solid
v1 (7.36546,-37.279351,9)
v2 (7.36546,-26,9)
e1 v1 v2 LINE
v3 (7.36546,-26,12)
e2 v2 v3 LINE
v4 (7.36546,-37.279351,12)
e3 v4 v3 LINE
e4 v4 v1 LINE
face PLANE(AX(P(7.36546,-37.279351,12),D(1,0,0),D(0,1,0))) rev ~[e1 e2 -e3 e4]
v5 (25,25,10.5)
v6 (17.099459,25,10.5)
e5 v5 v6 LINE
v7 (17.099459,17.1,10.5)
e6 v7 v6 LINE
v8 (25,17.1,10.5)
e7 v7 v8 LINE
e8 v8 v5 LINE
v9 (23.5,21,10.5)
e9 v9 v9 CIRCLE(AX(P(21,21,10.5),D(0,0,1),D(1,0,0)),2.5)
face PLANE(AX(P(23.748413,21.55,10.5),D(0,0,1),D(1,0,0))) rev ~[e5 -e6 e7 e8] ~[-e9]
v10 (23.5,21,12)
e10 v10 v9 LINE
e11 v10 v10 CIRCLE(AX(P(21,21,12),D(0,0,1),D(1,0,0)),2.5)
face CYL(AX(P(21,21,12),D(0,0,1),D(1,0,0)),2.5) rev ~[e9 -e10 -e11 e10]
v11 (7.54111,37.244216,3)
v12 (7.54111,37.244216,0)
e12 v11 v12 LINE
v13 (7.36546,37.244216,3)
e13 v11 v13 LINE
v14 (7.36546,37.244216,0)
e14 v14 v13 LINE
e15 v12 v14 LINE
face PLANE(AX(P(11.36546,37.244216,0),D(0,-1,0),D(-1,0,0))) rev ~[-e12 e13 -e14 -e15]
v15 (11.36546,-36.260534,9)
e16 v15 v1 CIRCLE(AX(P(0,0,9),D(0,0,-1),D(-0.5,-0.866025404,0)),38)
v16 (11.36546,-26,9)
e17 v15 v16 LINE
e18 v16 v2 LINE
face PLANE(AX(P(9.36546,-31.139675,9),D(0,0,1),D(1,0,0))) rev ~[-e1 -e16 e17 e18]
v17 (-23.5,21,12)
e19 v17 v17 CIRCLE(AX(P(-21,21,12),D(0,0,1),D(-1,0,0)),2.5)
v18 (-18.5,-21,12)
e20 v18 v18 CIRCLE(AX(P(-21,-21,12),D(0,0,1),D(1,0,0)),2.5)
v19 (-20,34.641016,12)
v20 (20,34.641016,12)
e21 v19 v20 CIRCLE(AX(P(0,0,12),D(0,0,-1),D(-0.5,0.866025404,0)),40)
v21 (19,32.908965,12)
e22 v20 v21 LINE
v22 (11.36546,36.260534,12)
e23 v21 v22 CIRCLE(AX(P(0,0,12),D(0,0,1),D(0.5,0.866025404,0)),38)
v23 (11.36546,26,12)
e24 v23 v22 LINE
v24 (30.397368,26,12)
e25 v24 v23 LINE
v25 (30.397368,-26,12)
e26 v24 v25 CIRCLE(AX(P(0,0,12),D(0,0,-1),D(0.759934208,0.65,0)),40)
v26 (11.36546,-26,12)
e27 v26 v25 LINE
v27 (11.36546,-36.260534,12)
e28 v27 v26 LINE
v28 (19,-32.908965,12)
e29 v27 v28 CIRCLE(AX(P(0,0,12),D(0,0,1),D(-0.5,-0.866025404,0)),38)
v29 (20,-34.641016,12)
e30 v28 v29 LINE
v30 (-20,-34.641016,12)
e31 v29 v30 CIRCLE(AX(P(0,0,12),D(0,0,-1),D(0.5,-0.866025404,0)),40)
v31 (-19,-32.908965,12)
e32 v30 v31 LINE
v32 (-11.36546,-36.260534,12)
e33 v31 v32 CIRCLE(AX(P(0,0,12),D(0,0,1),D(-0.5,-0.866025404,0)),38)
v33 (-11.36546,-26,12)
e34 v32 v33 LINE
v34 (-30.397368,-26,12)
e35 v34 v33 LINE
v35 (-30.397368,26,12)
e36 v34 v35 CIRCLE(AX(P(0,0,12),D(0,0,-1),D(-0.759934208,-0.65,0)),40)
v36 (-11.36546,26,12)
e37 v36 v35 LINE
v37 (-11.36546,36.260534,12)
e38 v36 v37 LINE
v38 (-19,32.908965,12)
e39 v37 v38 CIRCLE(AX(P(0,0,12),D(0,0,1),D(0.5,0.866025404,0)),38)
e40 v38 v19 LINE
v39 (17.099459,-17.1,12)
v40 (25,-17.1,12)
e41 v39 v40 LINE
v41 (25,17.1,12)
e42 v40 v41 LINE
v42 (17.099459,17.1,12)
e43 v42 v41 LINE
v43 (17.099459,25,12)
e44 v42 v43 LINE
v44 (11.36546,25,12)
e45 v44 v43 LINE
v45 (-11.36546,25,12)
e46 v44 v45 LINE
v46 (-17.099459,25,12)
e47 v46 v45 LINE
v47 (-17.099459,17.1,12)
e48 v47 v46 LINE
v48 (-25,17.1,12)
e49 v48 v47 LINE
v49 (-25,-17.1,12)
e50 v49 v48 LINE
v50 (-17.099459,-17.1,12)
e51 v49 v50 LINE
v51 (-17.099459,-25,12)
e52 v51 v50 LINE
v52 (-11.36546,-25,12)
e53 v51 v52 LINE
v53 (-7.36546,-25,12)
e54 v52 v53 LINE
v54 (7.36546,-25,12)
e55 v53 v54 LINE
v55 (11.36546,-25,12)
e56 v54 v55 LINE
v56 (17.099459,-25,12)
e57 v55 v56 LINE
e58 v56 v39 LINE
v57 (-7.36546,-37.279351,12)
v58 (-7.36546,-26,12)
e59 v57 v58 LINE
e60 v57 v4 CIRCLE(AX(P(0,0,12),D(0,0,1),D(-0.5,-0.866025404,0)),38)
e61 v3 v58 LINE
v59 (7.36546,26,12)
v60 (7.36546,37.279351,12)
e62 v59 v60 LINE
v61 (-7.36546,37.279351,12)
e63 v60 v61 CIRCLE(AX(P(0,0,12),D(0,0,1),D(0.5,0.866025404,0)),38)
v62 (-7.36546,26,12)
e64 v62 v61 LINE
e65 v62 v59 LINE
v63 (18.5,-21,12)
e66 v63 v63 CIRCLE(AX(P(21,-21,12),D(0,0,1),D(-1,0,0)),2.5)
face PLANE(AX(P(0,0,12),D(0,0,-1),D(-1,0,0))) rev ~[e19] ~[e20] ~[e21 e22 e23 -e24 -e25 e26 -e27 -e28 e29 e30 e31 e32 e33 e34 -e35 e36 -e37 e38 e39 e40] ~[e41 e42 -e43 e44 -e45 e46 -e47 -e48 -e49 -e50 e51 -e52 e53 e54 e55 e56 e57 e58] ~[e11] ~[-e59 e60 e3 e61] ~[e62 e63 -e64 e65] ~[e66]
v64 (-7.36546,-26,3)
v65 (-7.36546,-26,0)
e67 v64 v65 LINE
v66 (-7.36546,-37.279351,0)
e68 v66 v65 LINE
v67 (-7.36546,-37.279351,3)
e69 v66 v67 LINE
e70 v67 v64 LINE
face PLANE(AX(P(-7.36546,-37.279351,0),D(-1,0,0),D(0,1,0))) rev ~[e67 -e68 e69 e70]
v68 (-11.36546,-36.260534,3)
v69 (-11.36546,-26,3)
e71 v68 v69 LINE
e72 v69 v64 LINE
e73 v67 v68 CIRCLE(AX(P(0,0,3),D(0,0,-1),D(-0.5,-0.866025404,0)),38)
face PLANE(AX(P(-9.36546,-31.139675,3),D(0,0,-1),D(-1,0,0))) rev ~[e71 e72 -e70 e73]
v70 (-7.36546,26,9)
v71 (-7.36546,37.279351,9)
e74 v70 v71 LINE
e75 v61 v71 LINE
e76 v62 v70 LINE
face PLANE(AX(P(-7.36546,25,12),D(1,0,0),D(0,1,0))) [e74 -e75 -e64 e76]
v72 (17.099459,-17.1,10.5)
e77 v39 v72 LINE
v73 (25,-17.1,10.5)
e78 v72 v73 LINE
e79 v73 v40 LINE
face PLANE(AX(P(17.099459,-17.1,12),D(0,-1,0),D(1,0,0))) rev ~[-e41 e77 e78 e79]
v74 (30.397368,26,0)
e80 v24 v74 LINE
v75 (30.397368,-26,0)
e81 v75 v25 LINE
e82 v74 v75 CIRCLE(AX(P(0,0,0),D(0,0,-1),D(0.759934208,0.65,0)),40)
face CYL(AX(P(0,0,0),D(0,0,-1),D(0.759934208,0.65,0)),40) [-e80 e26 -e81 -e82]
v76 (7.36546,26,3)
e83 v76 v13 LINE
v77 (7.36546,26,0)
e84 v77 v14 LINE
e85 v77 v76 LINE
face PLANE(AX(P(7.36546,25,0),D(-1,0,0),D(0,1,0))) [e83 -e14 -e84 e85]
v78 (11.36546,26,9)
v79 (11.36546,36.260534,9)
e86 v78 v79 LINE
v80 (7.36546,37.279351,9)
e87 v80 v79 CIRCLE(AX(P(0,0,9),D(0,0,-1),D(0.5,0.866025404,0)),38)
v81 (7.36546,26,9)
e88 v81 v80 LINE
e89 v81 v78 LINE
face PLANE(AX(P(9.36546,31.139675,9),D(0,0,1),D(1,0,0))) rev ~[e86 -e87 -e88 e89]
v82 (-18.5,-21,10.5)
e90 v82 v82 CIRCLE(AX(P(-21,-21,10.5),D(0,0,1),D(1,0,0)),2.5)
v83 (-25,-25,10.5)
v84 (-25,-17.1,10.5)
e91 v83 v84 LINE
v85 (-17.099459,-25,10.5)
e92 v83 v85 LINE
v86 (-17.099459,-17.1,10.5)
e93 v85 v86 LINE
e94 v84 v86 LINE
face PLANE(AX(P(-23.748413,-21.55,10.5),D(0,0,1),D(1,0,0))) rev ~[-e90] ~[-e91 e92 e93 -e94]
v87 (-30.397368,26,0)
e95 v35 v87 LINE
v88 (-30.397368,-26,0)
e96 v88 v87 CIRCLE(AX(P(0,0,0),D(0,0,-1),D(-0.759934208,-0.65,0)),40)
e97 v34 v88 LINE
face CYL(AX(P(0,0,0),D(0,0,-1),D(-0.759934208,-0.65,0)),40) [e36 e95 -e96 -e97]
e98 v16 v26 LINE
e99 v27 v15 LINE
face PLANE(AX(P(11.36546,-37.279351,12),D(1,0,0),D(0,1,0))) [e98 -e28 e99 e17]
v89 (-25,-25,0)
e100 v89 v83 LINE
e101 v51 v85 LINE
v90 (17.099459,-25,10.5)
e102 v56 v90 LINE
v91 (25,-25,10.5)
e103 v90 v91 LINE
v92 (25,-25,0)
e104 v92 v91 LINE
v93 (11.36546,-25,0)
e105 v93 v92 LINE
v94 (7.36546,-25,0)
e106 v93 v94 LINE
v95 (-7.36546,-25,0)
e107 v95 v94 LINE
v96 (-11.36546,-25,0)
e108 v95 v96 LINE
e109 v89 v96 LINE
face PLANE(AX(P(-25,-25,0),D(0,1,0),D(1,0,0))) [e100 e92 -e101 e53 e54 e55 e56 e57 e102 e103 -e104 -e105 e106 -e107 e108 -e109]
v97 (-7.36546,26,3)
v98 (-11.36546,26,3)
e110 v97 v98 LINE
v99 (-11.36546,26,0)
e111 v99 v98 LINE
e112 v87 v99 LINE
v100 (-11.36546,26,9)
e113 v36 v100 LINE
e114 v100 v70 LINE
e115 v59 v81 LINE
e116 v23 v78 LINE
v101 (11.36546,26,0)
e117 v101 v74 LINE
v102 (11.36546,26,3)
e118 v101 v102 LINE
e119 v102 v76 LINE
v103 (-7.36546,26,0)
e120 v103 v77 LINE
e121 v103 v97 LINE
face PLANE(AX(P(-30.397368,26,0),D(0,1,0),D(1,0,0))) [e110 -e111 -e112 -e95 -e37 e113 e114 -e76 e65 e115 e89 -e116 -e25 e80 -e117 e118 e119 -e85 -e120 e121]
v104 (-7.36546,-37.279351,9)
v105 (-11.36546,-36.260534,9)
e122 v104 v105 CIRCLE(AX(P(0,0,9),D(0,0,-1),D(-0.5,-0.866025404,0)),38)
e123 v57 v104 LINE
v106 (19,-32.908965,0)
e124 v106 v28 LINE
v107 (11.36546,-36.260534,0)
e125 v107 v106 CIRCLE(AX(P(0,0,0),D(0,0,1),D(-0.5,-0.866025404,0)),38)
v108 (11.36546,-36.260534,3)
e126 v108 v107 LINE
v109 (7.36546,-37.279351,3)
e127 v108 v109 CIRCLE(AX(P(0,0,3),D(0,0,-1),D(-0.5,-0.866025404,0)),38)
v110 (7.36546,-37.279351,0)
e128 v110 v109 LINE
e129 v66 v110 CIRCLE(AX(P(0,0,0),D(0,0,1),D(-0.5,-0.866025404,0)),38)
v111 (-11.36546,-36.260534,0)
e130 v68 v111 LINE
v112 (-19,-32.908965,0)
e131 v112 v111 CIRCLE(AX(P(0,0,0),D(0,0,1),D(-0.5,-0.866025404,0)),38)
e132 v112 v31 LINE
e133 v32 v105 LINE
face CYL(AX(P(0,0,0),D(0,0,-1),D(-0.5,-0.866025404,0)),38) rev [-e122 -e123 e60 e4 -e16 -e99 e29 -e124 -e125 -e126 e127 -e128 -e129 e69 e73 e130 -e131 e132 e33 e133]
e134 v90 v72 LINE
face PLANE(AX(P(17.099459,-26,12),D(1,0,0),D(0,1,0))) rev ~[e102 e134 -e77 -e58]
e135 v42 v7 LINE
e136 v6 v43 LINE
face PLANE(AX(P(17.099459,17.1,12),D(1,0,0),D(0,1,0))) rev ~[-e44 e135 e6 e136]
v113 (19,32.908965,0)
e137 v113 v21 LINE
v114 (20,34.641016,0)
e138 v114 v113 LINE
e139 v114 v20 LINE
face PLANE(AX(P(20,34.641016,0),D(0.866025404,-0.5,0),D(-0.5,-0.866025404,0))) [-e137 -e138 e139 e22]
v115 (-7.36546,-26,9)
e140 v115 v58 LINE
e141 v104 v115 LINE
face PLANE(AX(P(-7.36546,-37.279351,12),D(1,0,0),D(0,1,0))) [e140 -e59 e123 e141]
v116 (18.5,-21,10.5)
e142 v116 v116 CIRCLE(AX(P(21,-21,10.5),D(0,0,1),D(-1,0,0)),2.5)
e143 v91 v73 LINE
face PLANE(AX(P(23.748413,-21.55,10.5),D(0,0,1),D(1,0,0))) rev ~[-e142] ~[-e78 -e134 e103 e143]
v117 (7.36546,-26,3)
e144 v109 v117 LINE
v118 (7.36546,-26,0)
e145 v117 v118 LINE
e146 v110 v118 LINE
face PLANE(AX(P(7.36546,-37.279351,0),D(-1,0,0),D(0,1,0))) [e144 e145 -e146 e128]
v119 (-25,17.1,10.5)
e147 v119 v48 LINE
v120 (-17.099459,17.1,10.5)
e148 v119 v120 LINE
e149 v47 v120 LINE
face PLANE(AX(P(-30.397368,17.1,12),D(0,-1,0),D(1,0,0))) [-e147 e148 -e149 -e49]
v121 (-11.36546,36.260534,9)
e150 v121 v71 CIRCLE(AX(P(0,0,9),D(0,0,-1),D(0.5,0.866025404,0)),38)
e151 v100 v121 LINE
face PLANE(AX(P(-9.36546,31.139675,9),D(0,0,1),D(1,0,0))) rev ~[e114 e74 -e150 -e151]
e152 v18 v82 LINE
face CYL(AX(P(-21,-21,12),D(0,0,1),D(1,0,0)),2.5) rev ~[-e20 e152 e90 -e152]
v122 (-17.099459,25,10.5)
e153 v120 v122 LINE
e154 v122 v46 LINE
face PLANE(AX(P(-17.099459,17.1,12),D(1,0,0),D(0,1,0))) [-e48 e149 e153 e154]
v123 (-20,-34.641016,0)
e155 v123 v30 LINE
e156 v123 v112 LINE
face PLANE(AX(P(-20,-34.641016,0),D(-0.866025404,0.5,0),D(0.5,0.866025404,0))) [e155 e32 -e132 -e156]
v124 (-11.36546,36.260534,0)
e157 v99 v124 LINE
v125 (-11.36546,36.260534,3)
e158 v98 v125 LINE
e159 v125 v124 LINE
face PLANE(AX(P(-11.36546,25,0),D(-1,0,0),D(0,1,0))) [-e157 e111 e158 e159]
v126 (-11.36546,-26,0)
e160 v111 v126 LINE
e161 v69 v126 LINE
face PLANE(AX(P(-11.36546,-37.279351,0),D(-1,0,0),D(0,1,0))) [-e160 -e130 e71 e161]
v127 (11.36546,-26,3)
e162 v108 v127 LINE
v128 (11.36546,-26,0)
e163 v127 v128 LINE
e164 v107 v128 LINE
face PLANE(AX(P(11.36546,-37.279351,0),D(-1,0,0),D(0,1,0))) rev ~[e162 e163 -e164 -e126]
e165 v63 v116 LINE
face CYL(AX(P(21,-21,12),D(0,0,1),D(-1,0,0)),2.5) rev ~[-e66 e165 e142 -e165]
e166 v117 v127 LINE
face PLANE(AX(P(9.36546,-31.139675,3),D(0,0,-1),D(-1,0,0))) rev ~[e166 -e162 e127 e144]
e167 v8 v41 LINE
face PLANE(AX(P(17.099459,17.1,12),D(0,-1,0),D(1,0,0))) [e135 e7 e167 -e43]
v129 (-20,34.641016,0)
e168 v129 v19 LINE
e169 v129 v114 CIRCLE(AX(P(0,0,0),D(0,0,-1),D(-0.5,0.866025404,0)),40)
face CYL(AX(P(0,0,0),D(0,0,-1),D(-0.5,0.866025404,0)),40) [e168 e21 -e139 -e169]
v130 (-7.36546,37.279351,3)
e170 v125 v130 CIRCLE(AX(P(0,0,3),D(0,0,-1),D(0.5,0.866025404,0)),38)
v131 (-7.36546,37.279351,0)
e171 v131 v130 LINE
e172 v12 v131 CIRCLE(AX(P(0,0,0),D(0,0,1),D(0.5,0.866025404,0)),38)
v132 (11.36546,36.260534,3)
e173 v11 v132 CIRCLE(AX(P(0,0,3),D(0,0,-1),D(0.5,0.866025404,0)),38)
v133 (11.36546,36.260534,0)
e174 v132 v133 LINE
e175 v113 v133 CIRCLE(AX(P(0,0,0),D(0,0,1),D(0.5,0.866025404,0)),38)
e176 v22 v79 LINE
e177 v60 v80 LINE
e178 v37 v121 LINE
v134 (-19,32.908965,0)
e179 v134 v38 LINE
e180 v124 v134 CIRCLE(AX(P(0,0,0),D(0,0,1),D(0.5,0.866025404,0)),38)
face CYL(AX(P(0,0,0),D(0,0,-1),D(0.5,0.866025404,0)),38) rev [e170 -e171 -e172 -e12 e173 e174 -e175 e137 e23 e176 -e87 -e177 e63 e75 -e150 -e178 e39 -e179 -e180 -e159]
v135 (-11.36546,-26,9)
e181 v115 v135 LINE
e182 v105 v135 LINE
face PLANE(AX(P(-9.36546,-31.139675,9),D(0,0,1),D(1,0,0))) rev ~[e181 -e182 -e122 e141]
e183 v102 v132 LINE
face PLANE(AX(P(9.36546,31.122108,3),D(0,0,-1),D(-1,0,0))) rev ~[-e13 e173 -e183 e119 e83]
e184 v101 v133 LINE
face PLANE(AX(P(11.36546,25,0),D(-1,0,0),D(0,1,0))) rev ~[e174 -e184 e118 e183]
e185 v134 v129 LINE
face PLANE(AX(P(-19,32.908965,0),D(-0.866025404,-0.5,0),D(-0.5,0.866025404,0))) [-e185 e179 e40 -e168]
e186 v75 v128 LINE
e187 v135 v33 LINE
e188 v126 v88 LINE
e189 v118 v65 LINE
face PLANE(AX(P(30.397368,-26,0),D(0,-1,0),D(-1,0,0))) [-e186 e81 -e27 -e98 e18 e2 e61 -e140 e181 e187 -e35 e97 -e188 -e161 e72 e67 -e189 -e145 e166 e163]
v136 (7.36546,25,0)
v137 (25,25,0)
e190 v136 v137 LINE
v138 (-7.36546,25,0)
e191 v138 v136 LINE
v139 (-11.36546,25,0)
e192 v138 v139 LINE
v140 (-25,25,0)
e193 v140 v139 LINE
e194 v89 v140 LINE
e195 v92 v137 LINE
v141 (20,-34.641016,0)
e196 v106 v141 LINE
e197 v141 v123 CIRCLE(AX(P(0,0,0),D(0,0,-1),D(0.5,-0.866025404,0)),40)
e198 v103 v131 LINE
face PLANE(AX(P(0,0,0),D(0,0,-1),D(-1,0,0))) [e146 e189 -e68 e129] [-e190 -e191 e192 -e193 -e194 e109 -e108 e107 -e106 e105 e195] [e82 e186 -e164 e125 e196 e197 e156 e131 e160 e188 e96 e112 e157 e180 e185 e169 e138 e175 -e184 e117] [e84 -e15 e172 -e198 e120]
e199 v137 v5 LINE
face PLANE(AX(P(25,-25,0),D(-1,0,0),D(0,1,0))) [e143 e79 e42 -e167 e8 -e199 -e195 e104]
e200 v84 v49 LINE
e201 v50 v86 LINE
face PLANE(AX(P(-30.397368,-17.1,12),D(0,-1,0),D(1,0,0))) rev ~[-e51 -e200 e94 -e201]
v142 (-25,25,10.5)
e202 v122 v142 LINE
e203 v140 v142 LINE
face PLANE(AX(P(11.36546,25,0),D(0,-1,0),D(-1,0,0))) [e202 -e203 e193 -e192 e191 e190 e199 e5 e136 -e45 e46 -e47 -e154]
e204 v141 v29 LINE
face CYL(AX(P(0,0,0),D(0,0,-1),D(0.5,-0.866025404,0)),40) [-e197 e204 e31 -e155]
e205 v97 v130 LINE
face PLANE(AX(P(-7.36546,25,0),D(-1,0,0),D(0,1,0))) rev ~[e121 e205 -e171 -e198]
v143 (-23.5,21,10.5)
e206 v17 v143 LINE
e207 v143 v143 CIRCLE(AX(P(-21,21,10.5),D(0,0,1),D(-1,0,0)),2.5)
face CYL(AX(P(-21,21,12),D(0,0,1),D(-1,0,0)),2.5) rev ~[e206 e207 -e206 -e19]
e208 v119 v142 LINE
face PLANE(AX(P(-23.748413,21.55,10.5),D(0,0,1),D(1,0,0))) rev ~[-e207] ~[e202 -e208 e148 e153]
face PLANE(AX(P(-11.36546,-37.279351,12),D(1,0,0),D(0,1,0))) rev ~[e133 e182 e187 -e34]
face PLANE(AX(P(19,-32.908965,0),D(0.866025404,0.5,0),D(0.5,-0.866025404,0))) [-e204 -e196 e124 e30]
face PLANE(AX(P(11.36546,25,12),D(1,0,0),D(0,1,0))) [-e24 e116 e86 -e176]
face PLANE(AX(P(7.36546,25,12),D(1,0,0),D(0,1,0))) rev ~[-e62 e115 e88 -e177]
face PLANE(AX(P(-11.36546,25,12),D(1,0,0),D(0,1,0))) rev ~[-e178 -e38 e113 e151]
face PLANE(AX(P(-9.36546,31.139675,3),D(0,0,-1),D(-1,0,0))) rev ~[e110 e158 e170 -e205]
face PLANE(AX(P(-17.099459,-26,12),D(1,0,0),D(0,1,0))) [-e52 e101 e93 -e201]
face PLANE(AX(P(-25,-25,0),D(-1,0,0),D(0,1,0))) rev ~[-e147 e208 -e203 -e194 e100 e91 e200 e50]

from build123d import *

# Parameters (mm, degrees)
BOSS_EXTRUDE1_DEPTH   = 12
BOSS_EXTRUDE1_2_DEPTH = 12
SKETCH1_W             = 50
SKETCH1_H             = 50
BOSS_EXTRUDE1_3_DEPTH = 12
SKETCH2_W             = 4
SKETCH2_H             = 12.279350853
BOSS_EXTRUDE2_DEPTH   = 3
SKETCH3_W             = 4
SKETCH3_H             = 12.244216487
SKETCH3_H_2           = 12.279350853
BOSS_EXTRUDE3_DEPTH   = 3
SKETCH4_W             = 13.297909738
SKETCH4_H             = 8.9
SKETCH4_R             = 2.5
BOSS_EXTRUDE4_DEPTH   = 1.5


with BuildPart() as part:
    # Sketch1 → Boss-Extrude1 (new body)
    with BuildSketch(Plane.XY):
        with BuildLine():
            Line((-19, 32.908965344), (-20, 34.641016151))
            ThreePointArc((-20, 34.641016151), (0, 40), (20, 34.641016151))
            Line((20, 34.641016151), (19, 32.908965344))
            ThreePointArc((19, 32.908965344), (0, 38), (-19, 32.908965344))
        make_face()
    extrude(amount=BOSS_EXTRUDE1_DEPTH)



with BuildPart() as body_2:
    # Sketch1 → Boss-Extrude1 2 (new body)
    with BuildSketch(Plane.XY):
        with BuildLine():
            Line((19, -32.908965344), (20, -34.641016151))
            ThreePointArc((20, -34.641016151), (0, -40), (-20, -34.641016151))
            Line((-20, -34.641016151), (-19, -32.908965344))
            ThreePointArc((-19, -32.908965344), (0, -38), (19, -32.908965344))
        make_face()
    extrude(amount=BOSS_EXTRUDE1_2_DEPTH)


with BuildPart() as body_3:
    # Sketch1 → Boss-Extrude1 3 (new body)
    with BuildSketch(Plane.XY):
        with BuildLine():
            Line((-30.397368307, 26), (-26, 26))
            Line((-26, 26), (23.958297101, 26))
            Line((23.958297101, 26), (30.397368307, 26))
            ThreePointArc((30.397368307, 26), (40, 0), (30.397368307, -26))
            Line((30.397368307, -26), (23.958297101, -26))
            Line((23.958297101, -26), (-26, -26))
            Line((-26, -26), (-30.397368307, -26))
            ThreePointArc((-30.397368307, -26), (-40, 0), (-30.397368307, 26))
        make_face()
        Rectangle(SKETCH1_W, SKETCH1_H, mode=Mode.SUBTRACT)
    extrude(amount=BOSS_EXTRUDE1_3_DEPTH)


with BuildPart() as part_1:
    add(part.part)

    add(body_2.part)  # Boss-Extrude2 merges body 2

    add(body_3.part)  # Boss-Extrude2 merges body 3
    # Sketch2 → Boss-Extrude2 (add)
    with BuildSketch(Plane.XY.offset(12)):
        with Locations((-9.365459931, 31.139675427)):
            Rectangle(SKETCH2_W, SKETCH2_H)
        with Locations((9.365459931, 31.139675427)):
            Rectangle(SKETCH2_W, SKETCH2_H)
        with Locations((9.365459931, -31.139675427)):
            Rectangle(SKETCH2_W, SKETCH2_H)
        with Locations((-9.365459931, -31.139675427)):
            Rectangle(SKETCH2_W, SKETCH2_H)
    extrude(amount=-BOSS_EXTRUDE2_DEPTH)

    # Sketch3 → Boss-Extrude3 (add)
    with BuildSketch(Plane(origin=(0, 0, 0), x_dir=(-1, 0, 0), z_dir=(0, 0, -1))):
        with Locations((-9.365459931, 31.122108244)):
            Rectangle(SKETCH3_W, SKETCH3_H)
        with Locations((9.365459931, 31.139675427)):
            Rectangle(SKETCH3_W, SKETCH3_H_2)
        with Locations((-9.365459931, -31.139675427)):
            Rectangle(SKETCH3_W, SKETCH3_H_2)
        with Locations((9.365459931, -31.139675427)):
            Rectangle(SKETCH3_W, SKETCH3_H_2)
    extrude(amount=-BOSS_EXTRUDE3_DEPTH)

    # Sketch4 → Boss-Extrude4 (add)
    # profile 1 of 4: a face of its own
    with BuildSketch(Plane.XY.offset(12)):
        with Locations((-23.748413438, -21.55)):
            Rectangle(SKETCH4_W, SKETCH4_H)
        with Locations((-21, -21)):
            Circle(SKETCH4_R, mode=Mode.SUBTRACT)
    # profile 2 of 4: a face of its own
    with BuildSketch(Plane.XY.offset(12)):
        with Locations((23.748413438, -21.55)):
            Rectangle(SKETCH4_W, SKETCH4_H)
        with Locations(Location((21, -21, 0), (0, 0, 180))):
            Circle(SKETCH4_R, mode=Mode.SUBTRACT)
    # profile 3 of 4: a face of its own
    with BuildSketch(Plane.XY.offset(12)):
        with Locations((23.748413438, 21.55)):
            Rectangle(SKETCH4_W, SKETCH4_H)
        with Locations((21, 21)):
            Circle(SKETCH4_R, mode=Mode.SUBTRACT)
    # profile 4 of 4: a face of its own
    with BuildSketch(Plane.XY.offset(12)):
        with Locations((-23.748413438, 21.55)):
            Rectangle(SKETCH4_W, SKETCH4_H)
        with Locations(Location((-21, 21, 0), (0, 0, 180))):
            Circle(SKETCH4_R, mode=Mode.SUBTRACT)
    extrude(amount=-BOSS_EXTRUDE4_DEPTH)


solid = part_1.part
